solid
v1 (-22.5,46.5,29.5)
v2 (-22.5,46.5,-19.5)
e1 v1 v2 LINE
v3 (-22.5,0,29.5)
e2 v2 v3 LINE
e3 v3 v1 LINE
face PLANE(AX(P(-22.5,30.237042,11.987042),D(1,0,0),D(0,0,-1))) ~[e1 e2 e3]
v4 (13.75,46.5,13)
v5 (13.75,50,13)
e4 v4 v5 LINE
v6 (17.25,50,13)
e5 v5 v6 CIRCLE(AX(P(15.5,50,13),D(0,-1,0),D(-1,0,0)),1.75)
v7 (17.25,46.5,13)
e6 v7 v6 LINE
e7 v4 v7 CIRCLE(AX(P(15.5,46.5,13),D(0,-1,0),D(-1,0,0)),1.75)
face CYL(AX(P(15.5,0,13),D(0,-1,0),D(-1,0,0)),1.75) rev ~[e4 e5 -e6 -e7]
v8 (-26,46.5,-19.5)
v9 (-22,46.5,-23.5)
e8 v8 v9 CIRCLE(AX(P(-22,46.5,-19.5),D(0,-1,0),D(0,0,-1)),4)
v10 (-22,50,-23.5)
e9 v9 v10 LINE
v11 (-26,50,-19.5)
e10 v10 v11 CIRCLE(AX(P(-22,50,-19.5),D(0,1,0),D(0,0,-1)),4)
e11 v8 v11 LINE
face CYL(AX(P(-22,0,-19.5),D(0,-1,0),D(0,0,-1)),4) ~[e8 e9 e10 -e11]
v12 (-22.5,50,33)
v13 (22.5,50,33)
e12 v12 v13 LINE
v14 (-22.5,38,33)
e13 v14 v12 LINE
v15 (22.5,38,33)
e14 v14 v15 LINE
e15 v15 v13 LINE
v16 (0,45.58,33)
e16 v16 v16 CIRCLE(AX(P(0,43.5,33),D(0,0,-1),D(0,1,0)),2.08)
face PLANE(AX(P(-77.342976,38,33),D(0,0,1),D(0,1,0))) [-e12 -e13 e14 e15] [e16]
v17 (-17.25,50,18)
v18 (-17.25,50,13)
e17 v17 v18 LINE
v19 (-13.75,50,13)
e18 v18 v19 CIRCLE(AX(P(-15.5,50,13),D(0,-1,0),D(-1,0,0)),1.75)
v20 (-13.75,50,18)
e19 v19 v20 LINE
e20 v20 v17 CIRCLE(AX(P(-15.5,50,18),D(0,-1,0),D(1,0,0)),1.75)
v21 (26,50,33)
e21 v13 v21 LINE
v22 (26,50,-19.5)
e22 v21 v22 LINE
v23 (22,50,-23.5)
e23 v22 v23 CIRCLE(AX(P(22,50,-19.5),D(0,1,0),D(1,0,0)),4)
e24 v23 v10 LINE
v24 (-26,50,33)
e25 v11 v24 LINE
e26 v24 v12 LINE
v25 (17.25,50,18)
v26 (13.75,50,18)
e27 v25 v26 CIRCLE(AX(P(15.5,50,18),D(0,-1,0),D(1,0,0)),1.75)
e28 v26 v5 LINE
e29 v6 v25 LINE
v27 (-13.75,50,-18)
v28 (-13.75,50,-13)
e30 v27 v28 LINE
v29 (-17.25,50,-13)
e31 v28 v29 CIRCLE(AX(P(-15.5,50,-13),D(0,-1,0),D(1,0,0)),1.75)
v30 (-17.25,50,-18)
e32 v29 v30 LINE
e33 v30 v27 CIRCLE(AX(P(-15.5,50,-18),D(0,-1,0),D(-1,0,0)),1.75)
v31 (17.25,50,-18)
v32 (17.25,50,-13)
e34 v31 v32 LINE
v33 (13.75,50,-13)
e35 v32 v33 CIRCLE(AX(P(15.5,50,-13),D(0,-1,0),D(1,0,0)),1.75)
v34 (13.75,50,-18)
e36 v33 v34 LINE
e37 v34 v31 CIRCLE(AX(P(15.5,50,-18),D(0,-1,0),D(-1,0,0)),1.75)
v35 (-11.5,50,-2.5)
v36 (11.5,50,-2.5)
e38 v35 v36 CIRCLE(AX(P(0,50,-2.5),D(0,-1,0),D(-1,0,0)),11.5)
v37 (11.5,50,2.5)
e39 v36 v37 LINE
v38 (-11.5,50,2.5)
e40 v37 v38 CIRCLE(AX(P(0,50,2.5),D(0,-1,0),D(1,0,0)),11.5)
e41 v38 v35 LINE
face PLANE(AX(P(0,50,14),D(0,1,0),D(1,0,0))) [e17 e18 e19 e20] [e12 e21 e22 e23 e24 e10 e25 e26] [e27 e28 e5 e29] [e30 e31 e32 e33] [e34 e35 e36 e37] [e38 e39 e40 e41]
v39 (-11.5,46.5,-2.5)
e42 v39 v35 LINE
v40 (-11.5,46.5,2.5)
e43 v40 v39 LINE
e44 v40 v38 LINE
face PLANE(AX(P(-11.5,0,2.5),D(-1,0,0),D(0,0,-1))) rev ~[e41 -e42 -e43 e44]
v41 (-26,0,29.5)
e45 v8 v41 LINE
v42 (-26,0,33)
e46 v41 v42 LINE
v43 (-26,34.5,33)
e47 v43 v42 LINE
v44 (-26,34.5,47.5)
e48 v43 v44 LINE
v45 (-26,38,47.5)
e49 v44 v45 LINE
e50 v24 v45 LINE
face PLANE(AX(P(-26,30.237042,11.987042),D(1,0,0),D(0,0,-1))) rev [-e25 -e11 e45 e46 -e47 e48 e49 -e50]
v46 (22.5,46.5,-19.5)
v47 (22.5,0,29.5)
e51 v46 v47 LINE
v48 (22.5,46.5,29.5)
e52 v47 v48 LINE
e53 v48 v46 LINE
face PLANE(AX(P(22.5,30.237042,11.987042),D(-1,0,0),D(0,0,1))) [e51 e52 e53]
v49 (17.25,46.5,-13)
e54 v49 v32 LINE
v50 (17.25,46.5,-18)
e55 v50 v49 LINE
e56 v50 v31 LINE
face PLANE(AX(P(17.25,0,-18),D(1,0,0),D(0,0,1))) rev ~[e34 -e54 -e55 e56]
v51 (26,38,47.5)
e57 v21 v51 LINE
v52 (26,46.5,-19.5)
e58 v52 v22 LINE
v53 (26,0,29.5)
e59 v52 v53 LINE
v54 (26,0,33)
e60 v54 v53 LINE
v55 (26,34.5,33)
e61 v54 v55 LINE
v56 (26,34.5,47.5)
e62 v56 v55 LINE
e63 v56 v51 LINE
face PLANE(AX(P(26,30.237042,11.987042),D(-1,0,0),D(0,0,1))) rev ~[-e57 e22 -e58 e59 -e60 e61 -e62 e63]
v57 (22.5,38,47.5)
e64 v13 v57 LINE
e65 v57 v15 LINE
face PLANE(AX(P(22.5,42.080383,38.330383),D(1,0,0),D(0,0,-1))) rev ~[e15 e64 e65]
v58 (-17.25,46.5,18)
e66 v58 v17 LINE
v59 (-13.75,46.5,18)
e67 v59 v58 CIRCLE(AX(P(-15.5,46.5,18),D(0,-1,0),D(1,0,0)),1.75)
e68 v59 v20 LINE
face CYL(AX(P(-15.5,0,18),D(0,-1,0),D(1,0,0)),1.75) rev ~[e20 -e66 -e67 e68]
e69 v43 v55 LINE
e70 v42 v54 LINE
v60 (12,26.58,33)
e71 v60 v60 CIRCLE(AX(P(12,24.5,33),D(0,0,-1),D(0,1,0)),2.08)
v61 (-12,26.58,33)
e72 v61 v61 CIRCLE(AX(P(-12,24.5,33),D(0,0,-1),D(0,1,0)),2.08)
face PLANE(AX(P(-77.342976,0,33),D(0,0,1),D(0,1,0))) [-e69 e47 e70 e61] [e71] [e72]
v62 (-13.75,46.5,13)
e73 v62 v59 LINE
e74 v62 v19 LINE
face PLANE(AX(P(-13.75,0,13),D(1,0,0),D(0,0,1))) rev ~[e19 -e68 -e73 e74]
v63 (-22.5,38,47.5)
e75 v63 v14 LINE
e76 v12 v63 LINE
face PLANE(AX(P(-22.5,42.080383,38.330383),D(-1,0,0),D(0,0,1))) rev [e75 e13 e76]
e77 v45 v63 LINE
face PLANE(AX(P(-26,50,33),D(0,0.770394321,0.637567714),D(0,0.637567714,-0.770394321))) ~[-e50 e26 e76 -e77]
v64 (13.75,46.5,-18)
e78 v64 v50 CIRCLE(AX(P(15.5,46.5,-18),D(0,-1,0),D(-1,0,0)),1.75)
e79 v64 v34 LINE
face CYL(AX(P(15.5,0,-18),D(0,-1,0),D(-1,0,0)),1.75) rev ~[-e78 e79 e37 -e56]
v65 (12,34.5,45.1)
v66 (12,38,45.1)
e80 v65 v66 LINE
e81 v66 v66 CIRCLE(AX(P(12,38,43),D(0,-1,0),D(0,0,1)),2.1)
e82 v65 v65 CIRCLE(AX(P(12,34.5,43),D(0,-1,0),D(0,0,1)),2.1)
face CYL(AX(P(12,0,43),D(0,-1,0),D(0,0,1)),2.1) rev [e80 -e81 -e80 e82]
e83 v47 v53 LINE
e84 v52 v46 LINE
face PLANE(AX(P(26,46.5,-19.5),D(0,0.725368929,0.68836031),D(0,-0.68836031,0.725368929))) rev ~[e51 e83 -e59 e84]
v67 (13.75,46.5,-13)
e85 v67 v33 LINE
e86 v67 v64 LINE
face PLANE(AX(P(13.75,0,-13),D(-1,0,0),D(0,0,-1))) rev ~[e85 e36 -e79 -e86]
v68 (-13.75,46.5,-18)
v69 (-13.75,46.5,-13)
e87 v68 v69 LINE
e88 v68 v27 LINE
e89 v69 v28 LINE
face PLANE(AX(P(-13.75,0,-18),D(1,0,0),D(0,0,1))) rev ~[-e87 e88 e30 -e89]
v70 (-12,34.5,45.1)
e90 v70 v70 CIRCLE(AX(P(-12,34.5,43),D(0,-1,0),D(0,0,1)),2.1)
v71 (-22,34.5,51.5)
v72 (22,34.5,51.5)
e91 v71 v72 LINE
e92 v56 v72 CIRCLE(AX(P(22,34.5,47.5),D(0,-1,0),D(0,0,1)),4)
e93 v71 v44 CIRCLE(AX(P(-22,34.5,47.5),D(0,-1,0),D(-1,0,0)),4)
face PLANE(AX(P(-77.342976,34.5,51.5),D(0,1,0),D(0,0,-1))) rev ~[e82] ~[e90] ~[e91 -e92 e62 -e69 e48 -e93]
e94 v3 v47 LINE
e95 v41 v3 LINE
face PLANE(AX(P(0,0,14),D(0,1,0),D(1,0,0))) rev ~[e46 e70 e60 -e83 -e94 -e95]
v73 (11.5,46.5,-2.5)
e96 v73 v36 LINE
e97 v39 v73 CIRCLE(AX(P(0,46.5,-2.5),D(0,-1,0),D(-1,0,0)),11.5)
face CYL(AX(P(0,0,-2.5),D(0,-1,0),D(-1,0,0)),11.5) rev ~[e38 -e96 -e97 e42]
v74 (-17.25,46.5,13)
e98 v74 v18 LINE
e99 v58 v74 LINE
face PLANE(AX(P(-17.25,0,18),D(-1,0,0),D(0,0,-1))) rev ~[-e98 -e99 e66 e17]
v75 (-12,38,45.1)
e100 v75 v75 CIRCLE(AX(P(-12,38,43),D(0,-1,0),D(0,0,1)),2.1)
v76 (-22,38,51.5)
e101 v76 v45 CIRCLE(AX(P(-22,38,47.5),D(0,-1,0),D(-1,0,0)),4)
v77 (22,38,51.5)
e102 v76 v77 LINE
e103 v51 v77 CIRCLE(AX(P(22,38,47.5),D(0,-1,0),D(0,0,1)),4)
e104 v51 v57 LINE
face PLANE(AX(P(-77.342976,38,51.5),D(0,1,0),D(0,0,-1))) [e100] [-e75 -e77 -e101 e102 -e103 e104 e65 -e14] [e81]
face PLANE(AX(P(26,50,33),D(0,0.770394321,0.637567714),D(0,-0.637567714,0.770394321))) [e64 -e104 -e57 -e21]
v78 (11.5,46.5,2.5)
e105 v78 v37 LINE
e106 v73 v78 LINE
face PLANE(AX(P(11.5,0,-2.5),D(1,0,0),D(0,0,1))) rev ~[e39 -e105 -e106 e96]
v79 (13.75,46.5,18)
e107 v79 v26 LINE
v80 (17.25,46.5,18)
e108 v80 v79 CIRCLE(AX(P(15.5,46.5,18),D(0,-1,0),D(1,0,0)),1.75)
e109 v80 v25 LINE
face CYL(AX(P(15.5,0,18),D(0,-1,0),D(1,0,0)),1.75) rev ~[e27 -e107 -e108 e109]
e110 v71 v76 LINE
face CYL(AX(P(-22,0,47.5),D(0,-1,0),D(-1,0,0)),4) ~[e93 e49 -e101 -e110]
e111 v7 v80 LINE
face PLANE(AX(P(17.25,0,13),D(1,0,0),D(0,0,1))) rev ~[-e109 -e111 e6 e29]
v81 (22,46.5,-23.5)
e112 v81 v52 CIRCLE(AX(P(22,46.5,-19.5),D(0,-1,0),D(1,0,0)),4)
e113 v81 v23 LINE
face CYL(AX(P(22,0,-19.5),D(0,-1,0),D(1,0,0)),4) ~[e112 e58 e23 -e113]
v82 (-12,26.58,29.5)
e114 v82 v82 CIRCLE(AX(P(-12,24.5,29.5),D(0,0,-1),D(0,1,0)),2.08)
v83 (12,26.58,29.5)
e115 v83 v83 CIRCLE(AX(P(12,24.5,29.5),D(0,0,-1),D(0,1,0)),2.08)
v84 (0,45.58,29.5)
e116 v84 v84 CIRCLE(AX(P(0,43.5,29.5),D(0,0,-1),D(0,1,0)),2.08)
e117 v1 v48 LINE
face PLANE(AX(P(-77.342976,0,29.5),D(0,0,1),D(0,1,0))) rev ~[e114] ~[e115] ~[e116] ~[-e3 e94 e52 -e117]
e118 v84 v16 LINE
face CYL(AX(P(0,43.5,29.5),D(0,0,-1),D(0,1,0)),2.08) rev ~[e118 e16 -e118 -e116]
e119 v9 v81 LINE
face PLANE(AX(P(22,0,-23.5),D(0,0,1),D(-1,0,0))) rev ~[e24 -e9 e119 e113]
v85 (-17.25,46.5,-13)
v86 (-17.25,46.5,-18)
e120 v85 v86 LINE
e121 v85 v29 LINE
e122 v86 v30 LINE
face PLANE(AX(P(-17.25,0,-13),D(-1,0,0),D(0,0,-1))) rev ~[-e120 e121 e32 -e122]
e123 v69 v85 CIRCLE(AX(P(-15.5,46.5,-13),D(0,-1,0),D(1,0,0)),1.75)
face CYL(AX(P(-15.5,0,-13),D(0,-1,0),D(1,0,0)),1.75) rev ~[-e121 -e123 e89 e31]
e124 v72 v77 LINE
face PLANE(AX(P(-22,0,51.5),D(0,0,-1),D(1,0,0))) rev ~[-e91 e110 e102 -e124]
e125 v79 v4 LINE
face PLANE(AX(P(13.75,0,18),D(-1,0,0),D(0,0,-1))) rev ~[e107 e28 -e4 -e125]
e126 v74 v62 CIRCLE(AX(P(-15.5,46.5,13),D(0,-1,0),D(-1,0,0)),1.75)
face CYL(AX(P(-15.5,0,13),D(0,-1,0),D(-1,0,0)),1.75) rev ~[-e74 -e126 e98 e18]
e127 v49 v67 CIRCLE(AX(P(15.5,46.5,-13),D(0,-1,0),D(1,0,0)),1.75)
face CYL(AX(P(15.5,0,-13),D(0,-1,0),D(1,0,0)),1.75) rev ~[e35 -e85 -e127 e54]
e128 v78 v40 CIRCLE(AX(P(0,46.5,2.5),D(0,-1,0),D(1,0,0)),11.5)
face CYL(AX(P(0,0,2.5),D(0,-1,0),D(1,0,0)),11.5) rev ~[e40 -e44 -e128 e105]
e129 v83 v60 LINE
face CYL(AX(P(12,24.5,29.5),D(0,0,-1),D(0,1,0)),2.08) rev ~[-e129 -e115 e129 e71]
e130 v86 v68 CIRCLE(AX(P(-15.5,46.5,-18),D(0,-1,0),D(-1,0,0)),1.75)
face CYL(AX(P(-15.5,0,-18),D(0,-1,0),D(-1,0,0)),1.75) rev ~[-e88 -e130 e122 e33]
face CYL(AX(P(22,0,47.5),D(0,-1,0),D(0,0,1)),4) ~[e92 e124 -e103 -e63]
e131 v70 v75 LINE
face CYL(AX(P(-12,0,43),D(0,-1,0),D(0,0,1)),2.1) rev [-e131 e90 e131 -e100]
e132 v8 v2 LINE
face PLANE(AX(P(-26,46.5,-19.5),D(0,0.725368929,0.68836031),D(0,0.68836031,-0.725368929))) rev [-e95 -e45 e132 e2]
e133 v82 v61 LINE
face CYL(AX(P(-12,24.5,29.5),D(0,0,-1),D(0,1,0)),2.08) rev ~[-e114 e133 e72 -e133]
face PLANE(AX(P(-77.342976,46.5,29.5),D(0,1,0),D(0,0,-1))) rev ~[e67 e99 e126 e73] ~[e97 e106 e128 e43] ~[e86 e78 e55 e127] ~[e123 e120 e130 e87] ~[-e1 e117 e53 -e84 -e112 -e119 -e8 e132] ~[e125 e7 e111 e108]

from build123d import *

# Parameters (mm, degrees)
SKETCH1_R               = 2.1
BOSS_EXTRUDE1_DEPTH     = 50
CUT_EXTRUDE1_DEPTH      = 77.342976101
CUT_EXTRUDE1_DEPTH_BACK = 77.342976101
SKETCH2_W               = 18.5
SKETCH2_H               = 12
SKETCH2_W_2             = 53
SKETCH2_H_2             = 46.5
SKETCH2_H_3             = 34.5
BOSS_EXTRUDE2_DEPTH     = 3.5
SKETCH4_R               = 2.08
CUT_EXTRUDE2_DEPTH      = 78.362781749


with BuildPart() as part:
    # Sketch1 → Boss-Extrude1 (new body)
    with BuildSketch(Plane(origin=(0, 0, 0), x_dir=(1, 0, 0), z_dir=(0, 1, 0))):
        with BuildLine():
            Line((22, 23.5), (-22, 23.5))
            ThreePointArc((-22, 23.5), (-24.828427125, 22.328427125), (-26, 19.5))
            Line((-26, 19.5), (-26, -47.5))
            ThreePointArc((-26, -47.5), (-24.828427125, -50.328427125), (-22, -51.5))
            Line((-22, -51.5), (22, -51.5))
            ThreePointArc((22, -51.5), (24.828427125, -50.328427125), (26, -47.5))
            Line((26, -47.5), (26, 19.5))
            ThreePointArc((26, 19.5), (24.828427125, 22.328427125), (22, 23.5))
        make_face()
        with Locations((-12, -43)):
            Circle(SKETCH1_R, mode=Mode.SUBTRACT)
        with Locations((12, -43)):
            Circle(SKETCH1_R, mode=Mode.SUBTRACT)
        with BuildLine():
            Line((11.5, 2.5), (11.5, -2.5))
            ThreePointArc((11.5, -2.5), (0, -14), (-11.5, -2.5))
            Line((-11.5, -2.5), (-11.5, 2.5))
            ThreePointArc((-11.5, 2.5), (0, 14), (11.5, 2.5))
        make_face(mode=Mode.SUBTRACT)
        with BuildLine():
            Line((-13.75, 18), (-13.75, 13))
            ThreePointArc((-13.75, 13), (-15.5, 11.25), (-17.25, 13))
            Line((-17.25, 13), (-17.25, 18))
            ThreePointArc((-17.25, 18), (-15.5, 19.75), (-13.75, 18))
        make_face(mode=Mode.SUBTRACT)
        with BuildLine():
            Line((17.25, 18), (17.25, 13))
            ThreePointArc((17.25, 13), (15.5, 11.25), (13.75, 13))
            Line((13.75, 13), (13.75, 18))
            ThreePointArc((13.75, 18), (15.5, 19.75), (17.25, 18))
        make_face(mode=Mode.SUBTRACT)
        with BuildLine():
            Line((17.25, -13), (17.25, -18))
            ThreePointArc((17.25, -18), (15.5, -19.75), (13.75, -18))
            Line((13.75, -18), (13.75, -13))
            ThreePointArc((13.75, -13), (15.5, -11.25), (17.25, -13))
        make_face(mode=Mode.SUBTRACT)
        with BuildLine():
            Line((-13.75, -13), (-13.75, -18))
            ThreePointArc((-13.75, -18), (-15.5, -19.75), (-17.25, -18))
            Line((-17.25, -18), (-17.25, -13))
            ThreePointArc((-17.25, -13), (-15.5, -11.25), (-13.75, -13))
        make_face(mode=Mode.SUBTRACT)
    extrude(amount=BOSS_EXTRUDE1_DEPTH)

    # Sketch2 → Cut-Extrude1 (cut, two sides: drawn at the far end of the back side and taken through both)
    with BuildSketch(Plane(origin=(0, 0, 0), x_dir=(0, 0, -1), z_dir=(1, 0, 0)).offset(-CUT_EXTRUDE1_DEPTH_BACK)):
        with Locations((-42.25, 44)):
            Rectangle(SKETCH2_W, SKETCH2_H)
        with Locations((-3, 23.25)):
            Rectangle(SKETCH2_W_2, SKETCH2_H_2)
        with Locations((-42.25, 17.25)):
            Rectangle(SKETCH2_W, SKETCH2_H_3)
    extrude(amount=CUT_EXTRUDE1_DEPTH + CUT_EXTRUDE1_DEPTH_BACK, mode=Mode.SUBTRACT)

    # Sketch3 → Boss-Extrude2 (add)
    with BuildSketch(Plane(origin=(26, 0, 0), x_dir=(0, 0, -1), z_dir=(1, 0, 0))):
        Polygon((19.5, 46.5), (-29.5, 0), (-29.5, 46.5), align=None)
        Polygon((-33, 50), (-47.5, 38), (-33, 38), align=None)
    boss_extrude2 = extrude(amount=-BOSS_EXTRUDE2_DEPTH)

    # Mirror1: Boss-Extrude2 across plane
    add(boss_extrude2.mirror(Plane(origin=(0, 0, 0), x_dir=(0, 0, 1), z_dir=(1, 0, 0))))

    # Sketch4 → Cut-Extrude2 (cut, through all)
    with BuildSketch(Plane(origin=(0, 0, 29.5), x_dir=(-1, 0, 0), z_dir=(0, 0, -1))):
        with Locations((-12, 24.5)):
            Circle(SKETCH4_R)
        with Locations((12, 24.5)):
            Circle(SKETCH4_R)
        with Locations((0, 43.5)):
            Circle(SKETCH4_R)
    extrude(amount=-CUT_EXTRUDE2_DEPTH, mode=Mode.SUBTRACT)


solid = part.part
